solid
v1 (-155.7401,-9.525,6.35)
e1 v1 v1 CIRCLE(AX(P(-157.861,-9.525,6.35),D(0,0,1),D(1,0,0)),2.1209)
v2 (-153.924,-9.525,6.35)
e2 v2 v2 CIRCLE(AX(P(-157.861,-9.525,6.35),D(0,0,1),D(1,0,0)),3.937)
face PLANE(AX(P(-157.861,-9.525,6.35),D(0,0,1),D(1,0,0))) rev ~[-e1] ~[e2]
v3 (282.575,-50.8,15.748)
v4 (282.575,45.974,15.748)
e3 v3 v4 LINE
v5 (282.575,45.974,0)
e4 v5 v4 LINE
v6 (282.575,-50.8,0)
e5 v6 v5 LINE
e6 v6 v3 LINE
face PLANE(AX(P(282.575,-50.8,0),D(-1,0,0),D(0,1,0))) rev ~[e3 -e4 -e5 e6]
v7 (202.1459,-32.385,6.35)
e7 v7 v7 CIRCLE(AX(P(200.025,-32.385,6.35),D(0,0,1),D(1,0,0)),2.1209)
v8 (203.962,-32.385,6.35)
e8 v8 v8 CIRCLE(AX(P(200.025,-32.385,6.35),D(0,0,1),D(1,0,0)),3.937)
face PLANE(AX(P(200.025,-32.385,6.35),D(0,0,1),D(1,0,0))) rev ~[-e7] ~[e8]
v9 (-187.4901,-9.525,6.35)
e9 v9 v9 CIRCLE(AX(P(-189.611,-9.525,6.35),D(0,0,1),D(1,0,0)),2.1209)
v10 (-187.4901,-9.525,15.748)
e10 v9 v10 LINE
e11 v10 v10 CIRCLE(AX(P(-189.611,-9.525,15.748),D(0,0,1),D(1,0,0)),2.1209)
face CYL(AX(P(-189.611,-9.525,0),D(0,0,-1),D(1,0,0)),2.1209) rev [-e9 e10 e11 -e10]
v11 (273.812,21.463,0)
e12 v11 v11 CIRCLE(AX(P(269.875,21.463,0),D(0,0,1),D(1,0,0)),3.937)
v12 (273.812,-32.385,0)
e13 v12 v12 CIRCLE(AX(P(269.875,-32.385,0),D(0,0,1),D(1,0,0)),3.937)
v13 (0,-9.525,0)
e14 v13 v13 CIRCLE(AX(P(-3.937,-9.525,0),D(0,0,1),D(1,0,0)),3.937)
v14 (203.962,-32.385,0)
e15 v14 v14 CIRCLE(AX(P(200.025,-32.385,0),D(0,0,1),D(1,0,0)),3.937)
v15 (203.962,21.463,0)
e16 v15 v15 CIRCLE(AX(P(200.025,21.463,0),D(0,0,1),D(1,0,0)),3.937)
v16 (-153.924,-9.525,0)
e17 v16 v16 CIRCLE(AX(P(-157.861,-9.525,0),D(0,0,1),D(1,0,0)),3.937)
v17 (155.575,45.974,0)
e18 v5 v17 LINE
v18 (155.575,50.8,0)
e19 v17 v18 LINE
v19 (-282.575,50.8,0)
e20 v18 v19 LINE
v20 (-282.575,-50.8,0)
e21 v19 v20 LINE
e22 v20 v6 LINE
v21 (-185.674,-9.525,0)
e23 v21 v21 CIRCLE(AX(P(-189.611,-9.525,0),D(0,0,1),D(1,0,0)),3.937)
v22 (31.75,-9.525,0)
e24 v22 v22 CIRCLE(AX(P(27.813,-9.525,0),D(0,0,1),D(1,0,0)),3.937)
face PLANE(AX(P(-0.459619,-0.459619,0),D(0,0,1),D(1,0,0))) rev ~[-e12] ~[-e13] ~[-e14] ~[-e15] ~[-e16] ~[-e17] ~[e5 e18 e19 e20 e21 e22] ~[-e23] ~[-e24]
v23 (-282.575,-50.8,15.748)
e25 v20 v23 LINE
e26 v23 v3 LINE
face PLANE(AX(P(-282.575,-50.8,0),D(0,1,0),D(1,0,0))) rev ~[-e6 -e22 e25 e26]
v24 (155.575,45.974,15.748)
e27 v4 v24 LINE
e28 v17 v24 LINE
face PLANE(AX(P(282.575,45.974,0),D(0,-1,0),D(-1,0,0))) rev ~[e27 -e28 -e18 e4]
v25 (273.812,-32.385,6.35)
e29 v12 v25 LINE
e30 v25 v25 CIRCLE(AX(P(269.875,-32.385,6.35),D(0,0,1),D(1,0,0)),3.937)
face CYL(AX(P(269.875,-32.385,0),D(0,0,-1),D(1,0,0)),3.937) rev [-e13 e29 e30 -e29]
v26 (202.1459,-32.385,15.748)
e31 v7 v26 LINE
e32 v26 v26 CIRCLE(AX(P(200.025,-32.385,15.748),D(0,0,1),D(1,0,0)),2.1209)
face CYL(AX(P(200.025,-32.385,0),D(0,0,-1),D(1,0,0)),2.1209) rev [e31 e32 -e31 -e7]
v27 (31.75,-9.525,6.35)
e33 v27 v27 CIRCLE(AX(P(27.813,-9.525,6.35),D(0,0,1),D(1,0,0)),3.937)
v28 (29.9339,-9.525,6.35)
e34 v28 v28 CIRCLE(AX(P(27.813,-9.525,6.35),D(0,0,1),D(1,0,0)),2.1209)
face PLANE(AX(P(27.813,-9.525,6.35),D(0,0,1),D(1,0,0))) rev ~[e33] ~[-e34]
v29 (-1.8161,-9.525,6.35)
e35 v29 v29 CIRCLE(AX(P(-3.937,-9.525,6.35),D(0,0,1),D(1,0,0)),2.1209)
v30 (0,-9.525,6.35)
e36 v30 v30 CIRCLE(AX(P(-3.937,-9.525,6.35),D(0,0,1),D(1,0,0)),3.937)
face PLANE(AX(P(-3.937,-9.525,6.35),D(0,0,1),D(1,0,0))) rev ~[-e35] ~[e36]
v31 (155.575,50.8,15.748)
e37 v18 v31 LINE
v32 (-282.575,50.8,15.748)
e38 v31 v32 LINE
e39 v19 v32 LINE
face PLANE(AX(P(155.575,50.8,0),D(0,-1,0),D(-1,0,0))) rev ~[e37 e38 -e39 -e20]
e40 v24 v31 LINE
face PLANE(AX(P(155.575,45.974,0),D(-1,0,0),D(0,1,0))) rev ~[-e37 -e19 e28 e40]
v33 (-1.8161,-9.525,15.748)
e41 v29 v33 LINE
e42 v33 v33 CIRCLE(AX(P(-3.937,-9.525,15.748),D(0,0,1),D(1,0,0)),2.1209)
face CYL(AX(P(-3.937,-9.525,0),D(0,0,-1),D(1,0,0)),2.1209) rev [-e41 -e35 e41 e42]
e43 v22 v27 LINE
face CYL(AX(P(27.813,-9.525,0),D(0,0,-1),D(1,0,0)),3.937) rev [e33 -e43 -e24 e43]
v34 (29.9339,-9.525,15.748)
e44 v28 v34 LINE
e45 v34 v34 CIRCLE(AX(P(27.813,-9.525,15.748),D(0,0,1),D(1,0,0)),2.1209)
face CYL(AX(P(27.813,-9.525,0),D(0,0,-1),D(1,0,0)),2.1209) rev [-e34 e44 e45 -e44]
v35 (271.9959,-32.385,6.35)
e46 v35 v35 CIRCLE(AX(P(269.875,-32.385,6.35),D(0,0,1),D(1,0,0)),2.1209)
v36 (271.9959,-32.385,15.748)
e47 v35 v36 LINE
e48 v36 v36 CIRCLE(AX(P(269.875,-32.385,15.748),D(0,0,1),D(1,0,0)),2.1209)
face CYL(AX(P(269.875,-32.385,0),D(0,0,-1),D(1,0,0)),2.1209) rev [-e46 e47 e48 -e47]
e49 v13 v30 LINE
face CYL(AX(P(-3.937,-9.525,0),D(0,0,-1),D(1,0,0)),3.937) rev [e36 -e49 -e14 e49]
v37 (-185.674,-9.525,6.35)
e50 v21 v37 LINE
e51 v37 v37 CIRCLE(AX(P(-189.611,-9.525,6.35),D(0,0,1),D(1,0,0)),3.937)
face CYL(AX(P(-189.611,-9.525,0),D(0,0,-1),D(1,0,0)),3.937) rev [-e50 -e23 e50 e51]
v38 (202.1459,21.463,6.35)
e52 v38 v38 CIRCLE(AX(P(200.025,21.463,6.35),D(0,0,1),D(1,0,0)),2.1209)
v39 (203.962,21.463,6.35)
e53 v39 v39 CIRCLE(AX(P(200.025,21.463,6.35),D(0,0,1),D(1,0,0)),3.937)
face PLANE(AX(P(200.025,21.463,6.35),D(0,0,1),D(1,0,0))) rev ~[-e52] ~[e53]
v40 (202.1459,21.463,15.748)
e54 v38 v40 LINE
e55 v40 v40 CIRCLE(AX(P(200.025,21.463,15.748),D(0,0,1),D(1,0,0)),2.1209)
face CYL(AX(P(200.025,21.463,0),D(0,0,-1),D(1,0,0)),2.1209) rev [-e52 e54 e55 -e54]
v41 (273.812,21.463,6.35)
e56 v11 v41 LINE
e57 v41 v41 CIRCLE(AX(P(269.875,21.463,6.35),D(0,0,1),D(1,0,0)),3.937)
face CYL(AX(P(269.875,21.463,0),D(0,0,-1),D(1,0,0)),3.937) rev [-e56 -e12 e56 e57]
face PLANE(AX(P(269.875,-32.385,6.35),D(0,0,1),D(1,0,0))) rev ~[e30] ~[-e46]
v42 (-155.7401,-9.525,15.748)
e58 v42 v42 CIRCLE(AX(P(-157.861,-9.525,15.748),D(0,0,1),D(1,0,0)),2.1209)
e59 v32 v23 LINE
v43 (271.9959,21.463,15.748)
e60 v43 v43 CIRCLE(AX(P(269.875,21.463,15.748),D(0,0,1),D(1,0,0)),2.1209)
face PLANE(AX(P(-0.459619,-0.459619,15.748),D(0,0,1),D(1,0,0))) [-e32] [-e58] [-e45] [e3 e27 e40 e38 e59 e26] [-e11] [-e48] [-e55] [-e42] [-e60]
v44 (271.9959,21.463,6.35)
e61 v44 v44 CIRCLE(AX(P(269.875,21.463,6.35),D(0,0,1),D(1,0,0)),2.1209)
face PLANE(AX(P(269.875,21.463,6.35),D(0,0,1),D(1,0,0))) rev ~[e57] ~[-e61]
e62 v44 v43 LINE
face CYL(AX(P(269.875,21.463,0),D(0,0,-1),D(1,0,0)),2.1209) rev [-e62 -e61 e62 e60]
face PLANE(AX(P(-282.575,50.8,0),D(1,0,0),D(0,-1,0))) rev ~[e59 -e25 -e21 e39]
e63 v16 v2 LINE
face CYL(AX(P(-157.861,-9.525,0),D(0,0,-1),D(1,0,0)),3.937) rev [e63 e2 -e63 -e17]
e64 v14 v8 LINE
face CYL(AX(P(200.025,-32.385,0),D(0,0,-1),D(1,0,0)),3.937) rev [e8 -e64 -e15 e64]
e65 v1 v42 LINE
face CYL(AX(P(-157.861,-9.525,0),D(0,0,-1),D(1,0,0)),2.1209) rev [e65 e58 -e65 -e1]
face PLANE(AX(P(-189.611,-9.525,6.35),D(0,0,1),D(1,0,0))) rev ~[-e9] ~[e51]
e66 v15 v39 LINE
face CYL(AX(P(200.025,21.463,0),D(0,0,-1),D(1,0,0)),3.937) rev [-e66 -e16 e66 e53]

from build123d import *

# Parameters (mm, degrees)
F0_R     = 3.937
F0_R_2   = 2.1209
F1_DEPTH = 15.748
F2_DEPTH = 6.35


with BuildPart() as f1:
    # F0 (on Top) → F1 (new body)
    with BuildSketch(Plane.XY):
        Polygon((-282.575, -50.8), (282.575, -50.8), (282.575, 45.974), (155.575, 45.974), (155.575, 50.8), (-282.575, 50.8), align=None)
        with Locations((-189.611, -9.525)):
            Circle(F0_R, mode=Mode.SUBTRACT)
        with Locations((-157.861, -9.525)):
            Circle(F0_R, mode=Mode.SUBTRACT)
        with Locations((-3.937, -9.525)):
            Circle(F0_R, mode=Mode.SUBTRACT)
        with Locations((200.025, -32.385)):
            Circle(F0_R, mode=Mode.SUBTRACT)
        with Locations((269.875, -32.385)):
            Circle(F0_R, mode=Mode.SUBTRACT)
        with Locations((27.813, -9.525)):
            Circle(F0_R, mode=Mode.SUBTRACT)
        with Locations((200.025, 21.463)):
            Circle(F0_R, mode=Mode.SUBTRACT)
        with Locations((269.875, 21.463)):
            Circle(F0_R, mode=Mode.SUBTRACT)
        with Locations((200.025, 21.463)):
            Circle(F0_R)
        with Locations((200.025, 21.463)):
            Circle(F0_R_2, mode=Mode.SUBTRACT)
        with Locations((200.025, -32.385)):
            Circle(F0_R)
        with Locations((200.025, -32.385)):
            Circle(F0_R_2, mode=Mode.SUBTRACT)
        with Locations((269.875, -32.385)):
            Circle(F0_R)
        with Locations((269.875, -32.385)):
            Circle(F0_R_2, mode=Mode.SUBTRACT)
        with Locations((269.875, 21.463)):
            Circle(F0_R)
        with Locations((269.875, 21.463)):
            Circle(F0_R_2, mode=Mode.SUBTRACT)
        with Locations((27.813, -9.525)):
            Circle(F0_R)
        with Locations((27.813, -9.525)):
            Circle(F0_R_2, mode=Mode.SUBTRACT)
        with Locations((-3.937, -9.525)):
            Circle(F0_R)
        with Locations((-3.937, -9.525)):
            Circle(F0_R_2, mode=Mode.SUBTRACT)
        with Locations((-157.861, -9.525)):
            Circle(F0_R)
        with Locations((-157.861, -9.525)):
            Circle(F0_R_2, mode=Mode.SUBTRACT)
        with Locations((-189.611, -9.525)):
            Circle(F0_R)
        with Locations((-189.611, -9.525)):
            Circle(F0_R_2, mode=Mode.SUBTRACT)
    extrude(amount=F1_DEPTH)

    # F0 (on Top) → F2 (cut)
    with BuildSketch(Plane.XY):
        with Locations((-189.611, -9.525)):
            Circle(F0_R)
        with Locations((-189.611, -9.525)):
            Circle(F0_R_2, mode=Mode.SUBTRACT)
        with Locations((-157.861, -9.525)):
            Circle(F0_R)
        with Locations((-157.861, -9.525)):
            Circle(F0_R_2, mode=Mode.SUBTRACT)
        with Locations((-3.937, -9.525)):
            Circle(F0_R)
        with Locations((-3.937, -9.525)):
            Circle(F0_R_2, mode=Mode.SUBTRACT)
        with Locations((27.813, -9.525)):
            Circle(F0_R)
        with Locations((27.813, -9.525)):
            Circle(F0_R_2, mode=Mode.SUBTRACT)
        with Locations((200.025, 21.463)):
            Circle(F0_R)
        with Locations((200.025, 21.463)):
            Circle(F0_R_2, mode=Mode.SUBTRACT)
        with Locations((269.875, 21.463)):
            Circle(F0_R)
        with Locations((269.875, 21.463)):
            Circle(F0_R_2, mode=Mode.SUBTRACT)
        with Locations((269.875, -32.385)):
            Circle(F0_R)
        with Locations((269.875, -32.385)):
            Circle(F0_R_2, mode=Mode.SUBTRACT)
        with Locations((200.025, -32.385)):
            Circle(F0_R)
        with Locations((200.025, -32.385)):
            Circle(F0_R_2, mode=Mode.SUBTRACT)
    extrude(amount=F2_DEPTH, mode=Mode.SUBTRACT)


solid = f1.part
